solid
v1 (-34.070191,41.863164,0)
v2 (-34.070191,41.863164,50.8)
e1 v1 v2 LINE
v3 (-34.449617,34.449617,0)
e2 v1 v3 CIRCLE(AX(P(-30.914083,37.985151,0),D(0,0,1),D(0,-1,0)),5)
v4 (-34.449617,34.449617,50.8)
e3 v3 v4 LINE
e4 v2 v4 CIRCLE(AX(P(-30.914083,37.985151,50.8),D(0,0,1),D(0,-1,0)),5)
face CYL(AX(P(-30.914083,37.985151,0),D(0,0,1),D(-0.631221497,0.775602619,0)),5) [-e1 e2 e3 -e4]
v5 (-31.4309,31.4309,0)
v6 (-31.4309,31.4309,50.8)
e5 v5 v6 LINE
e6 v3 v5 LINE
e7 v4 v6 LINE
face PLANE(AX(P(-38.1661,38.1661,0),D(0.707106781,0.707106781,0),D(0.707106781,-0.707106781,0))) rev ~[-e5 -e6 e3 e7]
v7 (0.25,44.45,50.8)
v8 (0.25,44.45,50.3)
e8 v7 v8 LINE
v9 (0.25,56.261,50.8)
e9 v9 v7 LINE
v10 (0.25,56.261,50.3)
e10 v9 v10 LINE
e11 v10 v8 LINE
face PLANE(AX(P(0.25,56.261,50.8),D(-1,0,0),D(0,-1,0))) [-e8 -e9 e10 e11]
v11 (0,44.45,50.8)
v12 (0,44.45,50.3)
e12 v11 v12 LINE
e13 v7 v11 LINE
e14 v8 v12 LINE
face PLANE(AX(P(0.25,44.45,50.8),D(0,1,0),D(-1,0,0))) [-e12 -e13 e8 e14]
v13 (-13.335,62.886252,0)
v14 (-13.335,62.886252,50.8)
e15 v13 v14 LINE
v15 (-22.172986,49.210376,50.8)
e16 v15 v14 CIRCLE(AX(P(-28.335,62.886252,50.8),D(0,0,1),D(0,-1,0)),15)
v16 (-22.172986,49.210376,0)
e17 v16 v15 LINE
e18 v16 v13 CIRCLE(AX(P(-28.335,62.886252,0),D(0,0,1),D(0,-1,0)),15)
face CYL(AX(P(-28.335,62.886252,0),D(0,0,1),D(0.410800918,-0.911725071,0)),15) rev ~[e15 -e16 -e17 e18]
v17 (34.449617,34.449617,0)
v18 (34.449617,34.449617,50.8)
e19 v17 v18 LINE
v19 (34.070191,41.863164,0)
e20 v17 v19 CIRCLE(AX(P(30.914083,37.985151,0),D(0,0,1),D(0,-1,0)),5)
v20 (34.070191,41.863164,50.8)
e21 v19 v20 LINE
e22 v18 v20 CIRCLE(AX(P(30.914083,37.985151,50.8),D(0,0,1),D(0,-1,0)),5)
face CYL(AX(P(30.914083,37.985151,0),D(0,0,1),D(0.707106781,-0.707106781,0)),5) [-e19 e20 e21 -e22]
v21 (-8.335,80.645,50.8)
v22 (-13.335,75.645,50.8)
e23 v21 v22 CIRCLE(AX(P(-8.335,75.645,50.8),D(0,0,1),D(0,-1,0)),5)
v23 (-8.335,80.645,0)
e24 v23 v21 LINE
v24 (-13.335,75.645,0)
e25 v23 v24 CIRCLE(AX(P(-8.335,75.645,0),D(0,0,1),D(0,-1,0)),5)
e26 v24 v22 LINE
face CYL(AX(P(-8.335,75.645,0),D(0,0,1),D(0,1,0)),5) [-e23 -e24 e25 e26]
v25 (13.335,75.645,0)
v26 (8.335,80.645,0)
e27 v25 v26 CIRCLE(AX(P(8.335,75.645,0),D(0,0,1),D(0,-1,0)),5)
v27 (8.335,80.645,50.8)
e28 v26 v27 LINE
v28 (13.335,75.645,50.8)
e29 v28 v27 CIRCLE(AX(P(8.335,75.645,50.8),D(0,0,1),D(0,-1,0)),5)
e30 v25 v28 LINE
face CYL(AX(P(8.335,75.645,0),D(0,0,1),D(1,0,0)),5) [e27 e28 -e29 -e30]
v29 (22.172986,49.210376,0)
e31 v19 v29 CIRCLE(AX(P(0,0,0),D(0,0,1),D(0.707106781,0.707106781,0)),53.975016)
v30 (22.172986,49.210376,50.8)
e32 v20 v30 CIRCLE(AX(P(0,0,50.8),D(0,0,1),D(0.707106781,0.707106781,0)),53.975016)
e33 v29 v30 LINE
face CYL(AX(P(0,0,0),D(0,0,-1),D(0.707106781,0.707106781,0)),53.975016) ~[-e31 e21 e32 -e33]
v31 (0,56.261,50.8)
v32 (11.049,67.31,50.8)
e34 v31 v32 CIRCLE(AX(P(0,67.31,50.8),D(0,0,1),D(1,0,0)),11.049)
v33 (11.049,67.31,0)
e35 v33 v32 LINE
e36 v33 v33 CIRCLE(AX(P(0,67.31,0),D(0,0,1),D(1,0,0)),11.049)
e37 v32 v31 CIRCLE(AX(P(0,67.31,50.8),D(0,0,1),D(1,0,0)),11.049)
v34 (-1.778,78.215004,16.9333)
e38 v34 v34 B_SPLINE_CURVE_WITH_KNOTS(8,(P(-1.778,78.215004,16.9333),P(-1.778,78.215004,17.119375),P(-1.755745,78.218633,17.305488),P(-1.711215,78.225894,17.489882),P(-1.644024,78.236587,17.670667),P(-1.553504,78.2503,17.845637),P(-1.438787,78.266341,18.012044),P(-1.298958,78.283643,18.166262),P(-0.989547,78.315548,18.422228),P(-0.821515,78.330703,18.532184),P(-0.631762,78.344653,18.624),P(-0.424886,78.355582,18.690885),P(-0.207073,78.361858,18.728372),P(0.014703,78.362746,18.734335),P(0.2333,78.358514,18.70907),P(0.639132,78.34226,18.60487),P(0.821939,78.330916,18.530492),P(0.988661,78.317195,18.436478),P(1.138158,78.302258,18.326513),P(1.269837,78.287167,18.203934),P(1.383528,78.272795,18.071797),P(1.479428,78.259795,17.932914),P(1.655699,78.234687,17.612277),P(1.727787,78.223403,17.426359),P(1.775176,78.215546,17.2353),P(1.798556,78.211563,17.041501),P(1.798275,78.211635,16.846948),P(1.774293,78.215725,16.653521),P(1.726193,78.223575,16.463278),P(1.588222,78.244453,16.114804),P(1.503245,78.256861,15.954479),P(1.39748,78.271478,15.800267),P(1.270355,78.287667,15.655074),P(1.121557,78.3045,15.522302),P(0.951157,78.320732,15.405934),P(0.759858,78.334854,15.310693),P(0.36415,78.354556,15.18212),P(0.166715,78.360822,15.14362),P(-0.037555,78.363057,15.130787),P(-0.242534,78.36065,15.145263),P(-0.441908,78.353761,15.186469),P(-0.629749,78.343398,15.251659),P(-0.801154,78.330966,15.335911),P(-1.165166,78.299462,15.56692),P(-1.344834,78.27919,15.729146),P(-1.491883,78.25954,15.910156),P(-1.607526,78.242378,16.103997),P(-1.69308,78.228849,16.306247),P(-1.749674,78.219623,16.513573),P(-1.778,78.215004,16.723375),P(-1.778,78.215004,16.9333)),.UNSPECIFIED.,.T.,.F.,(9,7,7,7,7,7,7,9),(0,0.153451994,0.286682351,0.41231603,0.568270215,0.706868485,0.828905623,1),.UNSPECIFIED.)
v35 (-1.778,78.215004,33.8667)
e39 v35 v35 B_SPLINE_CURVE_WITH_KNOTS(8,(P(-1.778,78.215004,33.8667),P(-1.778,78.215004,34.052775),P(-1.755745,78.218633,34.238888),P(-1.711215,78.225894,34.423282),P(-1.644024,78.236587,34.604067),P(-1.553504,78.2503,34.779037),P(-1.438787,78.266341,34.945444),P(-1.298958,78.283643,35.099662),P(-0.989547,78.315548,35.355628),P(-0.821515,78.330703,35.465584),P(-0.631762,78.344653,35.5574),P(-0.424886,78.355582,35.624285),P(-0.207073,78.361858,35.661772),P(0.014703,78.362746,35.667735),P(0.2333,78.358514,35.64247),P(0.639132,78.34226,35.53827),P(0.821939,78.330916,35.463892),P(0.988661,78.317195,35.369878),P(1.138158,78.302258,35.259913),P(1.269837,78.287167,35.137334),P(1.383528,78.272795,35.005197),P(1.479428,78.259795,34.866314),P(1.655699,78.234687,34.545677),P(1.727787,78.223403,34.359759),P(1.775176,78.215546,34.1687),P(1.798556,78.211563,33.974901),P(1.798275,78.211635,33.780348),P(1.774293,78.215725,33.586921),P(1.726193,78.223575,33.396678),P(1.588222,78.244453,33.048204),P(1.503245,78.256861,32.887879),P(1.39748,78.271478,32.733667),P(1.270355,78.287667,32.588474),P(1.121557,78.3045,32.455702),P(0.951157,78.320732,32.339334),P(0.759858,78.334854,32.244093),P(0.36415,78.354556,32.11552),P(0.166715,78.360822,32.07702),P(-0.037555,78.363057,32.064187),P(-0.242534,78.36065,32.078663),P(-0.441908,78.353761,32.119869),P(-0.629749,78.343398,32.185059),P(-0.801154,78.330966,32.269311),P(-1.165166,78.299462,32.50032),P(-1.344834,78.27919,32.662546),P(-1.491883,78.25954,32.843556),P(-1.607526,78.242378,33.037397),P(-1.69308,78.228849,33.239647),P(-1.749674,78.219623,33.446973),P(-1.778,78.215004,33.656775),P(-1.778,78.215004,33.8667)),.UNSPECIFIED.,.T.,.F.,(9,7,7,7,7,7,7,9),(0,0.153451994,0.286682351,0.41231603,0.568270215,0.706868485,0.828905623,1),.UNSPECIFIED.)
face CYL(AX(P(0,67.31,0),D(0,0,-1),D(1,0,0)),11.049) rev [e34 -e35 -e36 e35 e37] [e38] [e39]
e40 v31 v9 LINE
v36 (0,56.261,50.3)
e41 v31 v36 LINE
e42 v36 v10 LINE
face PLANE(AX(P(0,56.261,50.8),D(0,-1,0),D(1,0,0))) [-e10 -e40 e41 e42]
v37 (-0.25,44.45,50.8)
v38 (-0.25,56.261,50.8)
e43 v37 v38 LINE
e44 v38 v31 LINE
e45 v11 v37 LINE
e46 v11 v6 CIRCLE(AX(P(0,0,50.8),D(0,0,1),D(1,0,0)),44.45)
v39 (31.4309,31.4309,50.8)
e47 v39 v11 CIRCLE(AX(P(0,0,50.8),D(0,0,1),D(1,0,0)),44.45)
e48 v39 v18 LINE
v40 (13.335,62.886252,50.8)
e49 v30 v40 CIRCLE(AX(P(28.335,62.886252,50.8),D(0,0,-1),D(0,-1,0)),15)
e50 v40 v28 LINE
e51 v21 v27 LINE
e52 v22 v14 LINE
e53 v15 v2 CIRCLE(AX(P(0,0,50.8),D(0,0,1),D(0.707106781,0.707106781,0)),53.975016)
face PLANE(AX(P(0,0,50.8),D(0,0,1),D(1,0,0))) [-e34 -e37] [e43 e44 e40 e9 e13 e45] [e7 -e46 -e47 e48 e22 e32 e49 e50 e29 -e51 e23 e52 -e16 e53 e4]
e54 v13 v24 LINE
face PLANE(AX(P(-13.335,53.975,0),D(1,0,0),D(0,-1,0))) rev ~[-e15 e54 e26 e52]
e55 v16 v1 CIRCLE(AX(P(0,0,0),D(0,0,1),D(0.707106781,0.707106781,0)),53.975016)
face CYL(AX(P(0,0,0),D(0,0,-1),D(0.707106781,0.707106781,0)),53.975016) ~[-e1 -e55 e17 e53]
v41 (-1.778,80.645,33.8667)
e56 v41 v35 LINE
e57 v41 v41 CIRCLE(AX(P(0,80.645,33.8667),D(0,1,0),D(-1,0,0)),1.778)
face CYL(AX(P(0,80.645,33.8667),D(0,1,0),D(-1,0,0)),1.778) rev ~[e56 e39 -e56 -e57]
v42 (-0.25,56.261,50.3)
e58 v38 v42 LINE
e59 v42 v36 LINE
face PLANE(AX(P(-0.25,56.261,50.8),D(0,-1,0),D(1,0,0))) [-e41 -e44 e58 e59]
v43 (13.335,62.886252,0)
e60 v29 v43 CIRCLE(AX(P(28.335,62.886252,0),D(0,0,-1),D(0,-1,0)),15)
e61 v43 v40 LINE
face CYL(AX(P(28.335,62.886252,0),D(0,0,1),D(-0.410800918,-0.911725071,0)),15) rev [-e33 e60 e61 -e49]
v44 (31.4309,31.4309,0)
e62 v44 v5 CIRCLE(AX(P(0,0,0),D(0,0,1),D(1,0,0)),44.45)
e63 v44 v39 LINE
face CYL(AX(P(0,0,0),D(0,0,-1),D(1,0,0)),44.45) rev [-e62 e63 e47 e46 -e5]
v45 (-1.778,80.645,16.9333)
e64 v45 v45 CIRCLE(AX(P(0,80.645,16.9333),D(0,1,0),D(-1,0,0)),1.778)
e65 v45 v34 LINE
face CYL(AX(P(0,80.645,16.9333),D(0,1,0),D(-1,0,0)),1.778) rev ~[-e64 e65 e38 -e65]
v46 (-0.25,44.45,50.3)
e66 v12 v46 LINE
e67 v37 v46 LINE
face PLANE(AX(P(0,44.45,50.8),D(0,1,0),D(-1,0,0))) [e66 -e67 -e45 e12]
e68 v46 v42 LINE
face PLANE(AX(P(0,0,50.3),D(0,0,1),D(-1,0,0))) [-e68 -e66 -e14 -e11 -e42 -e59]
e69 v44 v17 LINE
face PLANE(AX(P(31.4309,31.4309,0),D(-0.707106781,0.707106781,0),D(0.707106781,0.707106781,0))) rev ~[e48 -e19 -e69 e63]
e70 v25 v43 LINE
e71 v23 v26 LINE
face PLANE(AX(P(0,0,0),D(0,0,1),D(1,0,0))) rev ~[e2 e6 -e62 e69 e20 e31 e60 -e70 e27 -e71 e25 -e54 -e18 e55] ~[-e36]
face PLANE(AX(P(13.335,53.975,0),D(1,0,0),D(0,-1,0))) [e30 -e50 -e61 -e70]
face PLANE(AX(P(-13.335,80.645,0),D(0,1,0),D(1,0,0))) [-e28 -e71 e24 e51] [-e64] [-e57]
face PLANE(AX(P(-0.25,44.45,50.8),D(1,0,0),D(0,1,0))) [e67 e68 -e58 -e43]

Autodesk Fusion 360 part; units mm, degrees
sketch "Sketch1" plane through (0, 0, 0) normal (0, 0, 1) x (1, 0, 0)
  circle A0 centre (0, 0) radius 44.45
  arc A1 (38.1661, 38.1661) -> (-38.1661, 38.1661) centre (0, 0) ccw
  line L0 (0, 0) -> (38.1661, 38.1661) construction
  line L1 (0, 0) -> (-38.1661, 38.1661) construction
  line L2 (-38.1661, 38.1661) -> (-31.4309, 31.4309) construction
  line L3 (-38.1661, 38.1661) -> (-31.4309, 31.4309)
  line L4 (31.4309, 31.4309) -> (38.1661, 38.1661)
  line L5 (0, 0) -> (0, 53.975) construction
  line L6 (0, 53.975) -> (-31.4309, 31.4309) construction
  line L7 (0, 53.975) -> (31.4309, 31.4309) construction
  line L8 (-13.335, 80.645) -> (13.335, 80.645)
  line L9 (13.335, 80.645) -> (13.335, 53.975)
  line L10 (13.335, 53.975) -> (-13.335, 53.975) construction
  line L11 (-13.335, 53.975) -> (-13.335, 80.645)
  line L12 (-13.335, 53.975) -> (-13.335, 52.3018)
  line L13 (13.335, 53.975) -> (13.335, 52.3018)
  line L14 (-13.335, 67.31) -> (13.335, 67.31) construction
  circle A2 centre (0, 67.31) radius 11.049
  point P0 (-31.4309, 31.4309)
  point P1 (-13.335, 52.3018)
  point P2 (13.335, 52.3018)
  point P3 (-13.335, 67.31)
  point P4 (13.335, 67.31)
  dimension "d1" = 88.9
  dimension "d2" = 90
  dimension "d3" = 9.525
  dimension "d6" = 26.67
  dimension "d7" = 26.67
  dimension "d8" = 22.098
extrude "Extrude2" add sketch "Sketch1" along normal blind 50.8 contours A0 A1 L3 L4 | A1 L8 L9 L11 L12 L13
fillet "Fillet1" radius 5 2 edges at (-38.1661, 38.1661, 25.4) (38.1661, 38.1661, 25.4)
fillet "Fillet2" radius 15 2 edges at (-13.335, 52.3018, 25.4) (13.335, 52.3018, 25.4)
fillet "Fillet3" radius 5 2 edges at (-13.335, 80.645, 25.4) (13.335, 80.645, 25.4)
sketch "Sketch4" plane through (0, 80.645, 0) normal (0, 1, 0) x (-1, 0, 0)
  line L0 (-8.335, 50.8) -> (-8.335, 0)
  line L1 (-8.335, 0) -> (8.335, 0)
  line L2 (8.335, 0) -> (8.335, 50.8)
  line L3 (8.335, 50.8) -> (-8.335, 50.8)
  line L4 (0, 0) -> (0, 16.9333) construction
  line L5 (0, 16.9333) -> (0, 33.8667) construction
  line L6 (0, 33.8667) -> (0, 50.8) construction
  circle A0 centre (0, 16.9333) radius 1.778
  circle A1 centre (0, 33.8667) radius 1.778
  dimension "d17" = 3.556
  dimension "d18" = 3.556
extrude "Extrude3" cut sketch "Sketch4" along normal up to surface contours A0 | A1 end surface at (10.9941, 66.2099, 33.8667)
sketch "Sketch6" plane through (0, 0, 50.8) normal (0, 0, 1) x (-1, 0, 0)
  arc A0 (-13.335, -75.645) -> (-8.335, -80.645) centre (-8.335, -75.645) ccw
  line L0 (-8.335, -80.645) -> (8.335, -80.645)
  arc A1 (8.335, -80.645) -> (13.335, -75.645) centre (8.335, -75.645) ccw
  line L1 (13.335, -75.645) -> (13.335, -62.8862)
  arc A2 (22.173, -49.2104) -> (13.335, -62.8862) centre (28.335, -62.8862) ccw
  arc A3 (22.173, -49.2104) -> (34.0702, -41.8632) centre (0, 0) ccw
  arc A4 (34.0702, -41.8632) -> (34.4496, -34.4496) centre (30.9141, -37.9851) ccw
  line L2 (34.4496, -34.4496) -> (31.4309, -31.4309)
  arc A5 (-31.4309, -31.4309) -> (31.4309, -31.4309) centre (0, 0) ccw
  line L3 (-31.4309, -31.4309) -> (-34.4496, -34.4496)
  arc A6 (-34.4496, -34.4496) -> (-34.0702, -41.8632) centre (-30.9141, -37.9851) ccw
  arc A7 (-34.0702, -41.8632) -> (-22.173, -49.2104) centre (0, 0) ccw
  arc A8 (-13.335, -62.8862) -> (-22.173, -49.2104) centre (-28.335, -62.8862) ccw
  line L4 (-13.335, -62.8862) -> (-13.335, -75.645)
  circle A9 centre (0, -67.31) radius 11.049
  line L5 (0, -56.261) -> (0, -44.45)
  circle A10 centre (0, -67.31) radius 11.049
  circle A11 centre (0, 0) radius 44.45
  line L6 (0.25, -56.261) -> (-0.25, -56.261)
  line L7 (-0.25, -56.261) -> (-0.25, -44.45)
  line L8 (-0.25, -44.45) -> (0.25, -44.45)
  line L9 (0.25, -44.45) -> (0.25, -56.261)
  line L10 (0, 0) -> (0, -53.975)
  dimension "d22" = 0.5
extrude "Extrude4" cut sketch "Sketch6" against normal blind 0.5 contours L5 L6 L8 L9 L10 | L5 L6 L7 L8 L10
